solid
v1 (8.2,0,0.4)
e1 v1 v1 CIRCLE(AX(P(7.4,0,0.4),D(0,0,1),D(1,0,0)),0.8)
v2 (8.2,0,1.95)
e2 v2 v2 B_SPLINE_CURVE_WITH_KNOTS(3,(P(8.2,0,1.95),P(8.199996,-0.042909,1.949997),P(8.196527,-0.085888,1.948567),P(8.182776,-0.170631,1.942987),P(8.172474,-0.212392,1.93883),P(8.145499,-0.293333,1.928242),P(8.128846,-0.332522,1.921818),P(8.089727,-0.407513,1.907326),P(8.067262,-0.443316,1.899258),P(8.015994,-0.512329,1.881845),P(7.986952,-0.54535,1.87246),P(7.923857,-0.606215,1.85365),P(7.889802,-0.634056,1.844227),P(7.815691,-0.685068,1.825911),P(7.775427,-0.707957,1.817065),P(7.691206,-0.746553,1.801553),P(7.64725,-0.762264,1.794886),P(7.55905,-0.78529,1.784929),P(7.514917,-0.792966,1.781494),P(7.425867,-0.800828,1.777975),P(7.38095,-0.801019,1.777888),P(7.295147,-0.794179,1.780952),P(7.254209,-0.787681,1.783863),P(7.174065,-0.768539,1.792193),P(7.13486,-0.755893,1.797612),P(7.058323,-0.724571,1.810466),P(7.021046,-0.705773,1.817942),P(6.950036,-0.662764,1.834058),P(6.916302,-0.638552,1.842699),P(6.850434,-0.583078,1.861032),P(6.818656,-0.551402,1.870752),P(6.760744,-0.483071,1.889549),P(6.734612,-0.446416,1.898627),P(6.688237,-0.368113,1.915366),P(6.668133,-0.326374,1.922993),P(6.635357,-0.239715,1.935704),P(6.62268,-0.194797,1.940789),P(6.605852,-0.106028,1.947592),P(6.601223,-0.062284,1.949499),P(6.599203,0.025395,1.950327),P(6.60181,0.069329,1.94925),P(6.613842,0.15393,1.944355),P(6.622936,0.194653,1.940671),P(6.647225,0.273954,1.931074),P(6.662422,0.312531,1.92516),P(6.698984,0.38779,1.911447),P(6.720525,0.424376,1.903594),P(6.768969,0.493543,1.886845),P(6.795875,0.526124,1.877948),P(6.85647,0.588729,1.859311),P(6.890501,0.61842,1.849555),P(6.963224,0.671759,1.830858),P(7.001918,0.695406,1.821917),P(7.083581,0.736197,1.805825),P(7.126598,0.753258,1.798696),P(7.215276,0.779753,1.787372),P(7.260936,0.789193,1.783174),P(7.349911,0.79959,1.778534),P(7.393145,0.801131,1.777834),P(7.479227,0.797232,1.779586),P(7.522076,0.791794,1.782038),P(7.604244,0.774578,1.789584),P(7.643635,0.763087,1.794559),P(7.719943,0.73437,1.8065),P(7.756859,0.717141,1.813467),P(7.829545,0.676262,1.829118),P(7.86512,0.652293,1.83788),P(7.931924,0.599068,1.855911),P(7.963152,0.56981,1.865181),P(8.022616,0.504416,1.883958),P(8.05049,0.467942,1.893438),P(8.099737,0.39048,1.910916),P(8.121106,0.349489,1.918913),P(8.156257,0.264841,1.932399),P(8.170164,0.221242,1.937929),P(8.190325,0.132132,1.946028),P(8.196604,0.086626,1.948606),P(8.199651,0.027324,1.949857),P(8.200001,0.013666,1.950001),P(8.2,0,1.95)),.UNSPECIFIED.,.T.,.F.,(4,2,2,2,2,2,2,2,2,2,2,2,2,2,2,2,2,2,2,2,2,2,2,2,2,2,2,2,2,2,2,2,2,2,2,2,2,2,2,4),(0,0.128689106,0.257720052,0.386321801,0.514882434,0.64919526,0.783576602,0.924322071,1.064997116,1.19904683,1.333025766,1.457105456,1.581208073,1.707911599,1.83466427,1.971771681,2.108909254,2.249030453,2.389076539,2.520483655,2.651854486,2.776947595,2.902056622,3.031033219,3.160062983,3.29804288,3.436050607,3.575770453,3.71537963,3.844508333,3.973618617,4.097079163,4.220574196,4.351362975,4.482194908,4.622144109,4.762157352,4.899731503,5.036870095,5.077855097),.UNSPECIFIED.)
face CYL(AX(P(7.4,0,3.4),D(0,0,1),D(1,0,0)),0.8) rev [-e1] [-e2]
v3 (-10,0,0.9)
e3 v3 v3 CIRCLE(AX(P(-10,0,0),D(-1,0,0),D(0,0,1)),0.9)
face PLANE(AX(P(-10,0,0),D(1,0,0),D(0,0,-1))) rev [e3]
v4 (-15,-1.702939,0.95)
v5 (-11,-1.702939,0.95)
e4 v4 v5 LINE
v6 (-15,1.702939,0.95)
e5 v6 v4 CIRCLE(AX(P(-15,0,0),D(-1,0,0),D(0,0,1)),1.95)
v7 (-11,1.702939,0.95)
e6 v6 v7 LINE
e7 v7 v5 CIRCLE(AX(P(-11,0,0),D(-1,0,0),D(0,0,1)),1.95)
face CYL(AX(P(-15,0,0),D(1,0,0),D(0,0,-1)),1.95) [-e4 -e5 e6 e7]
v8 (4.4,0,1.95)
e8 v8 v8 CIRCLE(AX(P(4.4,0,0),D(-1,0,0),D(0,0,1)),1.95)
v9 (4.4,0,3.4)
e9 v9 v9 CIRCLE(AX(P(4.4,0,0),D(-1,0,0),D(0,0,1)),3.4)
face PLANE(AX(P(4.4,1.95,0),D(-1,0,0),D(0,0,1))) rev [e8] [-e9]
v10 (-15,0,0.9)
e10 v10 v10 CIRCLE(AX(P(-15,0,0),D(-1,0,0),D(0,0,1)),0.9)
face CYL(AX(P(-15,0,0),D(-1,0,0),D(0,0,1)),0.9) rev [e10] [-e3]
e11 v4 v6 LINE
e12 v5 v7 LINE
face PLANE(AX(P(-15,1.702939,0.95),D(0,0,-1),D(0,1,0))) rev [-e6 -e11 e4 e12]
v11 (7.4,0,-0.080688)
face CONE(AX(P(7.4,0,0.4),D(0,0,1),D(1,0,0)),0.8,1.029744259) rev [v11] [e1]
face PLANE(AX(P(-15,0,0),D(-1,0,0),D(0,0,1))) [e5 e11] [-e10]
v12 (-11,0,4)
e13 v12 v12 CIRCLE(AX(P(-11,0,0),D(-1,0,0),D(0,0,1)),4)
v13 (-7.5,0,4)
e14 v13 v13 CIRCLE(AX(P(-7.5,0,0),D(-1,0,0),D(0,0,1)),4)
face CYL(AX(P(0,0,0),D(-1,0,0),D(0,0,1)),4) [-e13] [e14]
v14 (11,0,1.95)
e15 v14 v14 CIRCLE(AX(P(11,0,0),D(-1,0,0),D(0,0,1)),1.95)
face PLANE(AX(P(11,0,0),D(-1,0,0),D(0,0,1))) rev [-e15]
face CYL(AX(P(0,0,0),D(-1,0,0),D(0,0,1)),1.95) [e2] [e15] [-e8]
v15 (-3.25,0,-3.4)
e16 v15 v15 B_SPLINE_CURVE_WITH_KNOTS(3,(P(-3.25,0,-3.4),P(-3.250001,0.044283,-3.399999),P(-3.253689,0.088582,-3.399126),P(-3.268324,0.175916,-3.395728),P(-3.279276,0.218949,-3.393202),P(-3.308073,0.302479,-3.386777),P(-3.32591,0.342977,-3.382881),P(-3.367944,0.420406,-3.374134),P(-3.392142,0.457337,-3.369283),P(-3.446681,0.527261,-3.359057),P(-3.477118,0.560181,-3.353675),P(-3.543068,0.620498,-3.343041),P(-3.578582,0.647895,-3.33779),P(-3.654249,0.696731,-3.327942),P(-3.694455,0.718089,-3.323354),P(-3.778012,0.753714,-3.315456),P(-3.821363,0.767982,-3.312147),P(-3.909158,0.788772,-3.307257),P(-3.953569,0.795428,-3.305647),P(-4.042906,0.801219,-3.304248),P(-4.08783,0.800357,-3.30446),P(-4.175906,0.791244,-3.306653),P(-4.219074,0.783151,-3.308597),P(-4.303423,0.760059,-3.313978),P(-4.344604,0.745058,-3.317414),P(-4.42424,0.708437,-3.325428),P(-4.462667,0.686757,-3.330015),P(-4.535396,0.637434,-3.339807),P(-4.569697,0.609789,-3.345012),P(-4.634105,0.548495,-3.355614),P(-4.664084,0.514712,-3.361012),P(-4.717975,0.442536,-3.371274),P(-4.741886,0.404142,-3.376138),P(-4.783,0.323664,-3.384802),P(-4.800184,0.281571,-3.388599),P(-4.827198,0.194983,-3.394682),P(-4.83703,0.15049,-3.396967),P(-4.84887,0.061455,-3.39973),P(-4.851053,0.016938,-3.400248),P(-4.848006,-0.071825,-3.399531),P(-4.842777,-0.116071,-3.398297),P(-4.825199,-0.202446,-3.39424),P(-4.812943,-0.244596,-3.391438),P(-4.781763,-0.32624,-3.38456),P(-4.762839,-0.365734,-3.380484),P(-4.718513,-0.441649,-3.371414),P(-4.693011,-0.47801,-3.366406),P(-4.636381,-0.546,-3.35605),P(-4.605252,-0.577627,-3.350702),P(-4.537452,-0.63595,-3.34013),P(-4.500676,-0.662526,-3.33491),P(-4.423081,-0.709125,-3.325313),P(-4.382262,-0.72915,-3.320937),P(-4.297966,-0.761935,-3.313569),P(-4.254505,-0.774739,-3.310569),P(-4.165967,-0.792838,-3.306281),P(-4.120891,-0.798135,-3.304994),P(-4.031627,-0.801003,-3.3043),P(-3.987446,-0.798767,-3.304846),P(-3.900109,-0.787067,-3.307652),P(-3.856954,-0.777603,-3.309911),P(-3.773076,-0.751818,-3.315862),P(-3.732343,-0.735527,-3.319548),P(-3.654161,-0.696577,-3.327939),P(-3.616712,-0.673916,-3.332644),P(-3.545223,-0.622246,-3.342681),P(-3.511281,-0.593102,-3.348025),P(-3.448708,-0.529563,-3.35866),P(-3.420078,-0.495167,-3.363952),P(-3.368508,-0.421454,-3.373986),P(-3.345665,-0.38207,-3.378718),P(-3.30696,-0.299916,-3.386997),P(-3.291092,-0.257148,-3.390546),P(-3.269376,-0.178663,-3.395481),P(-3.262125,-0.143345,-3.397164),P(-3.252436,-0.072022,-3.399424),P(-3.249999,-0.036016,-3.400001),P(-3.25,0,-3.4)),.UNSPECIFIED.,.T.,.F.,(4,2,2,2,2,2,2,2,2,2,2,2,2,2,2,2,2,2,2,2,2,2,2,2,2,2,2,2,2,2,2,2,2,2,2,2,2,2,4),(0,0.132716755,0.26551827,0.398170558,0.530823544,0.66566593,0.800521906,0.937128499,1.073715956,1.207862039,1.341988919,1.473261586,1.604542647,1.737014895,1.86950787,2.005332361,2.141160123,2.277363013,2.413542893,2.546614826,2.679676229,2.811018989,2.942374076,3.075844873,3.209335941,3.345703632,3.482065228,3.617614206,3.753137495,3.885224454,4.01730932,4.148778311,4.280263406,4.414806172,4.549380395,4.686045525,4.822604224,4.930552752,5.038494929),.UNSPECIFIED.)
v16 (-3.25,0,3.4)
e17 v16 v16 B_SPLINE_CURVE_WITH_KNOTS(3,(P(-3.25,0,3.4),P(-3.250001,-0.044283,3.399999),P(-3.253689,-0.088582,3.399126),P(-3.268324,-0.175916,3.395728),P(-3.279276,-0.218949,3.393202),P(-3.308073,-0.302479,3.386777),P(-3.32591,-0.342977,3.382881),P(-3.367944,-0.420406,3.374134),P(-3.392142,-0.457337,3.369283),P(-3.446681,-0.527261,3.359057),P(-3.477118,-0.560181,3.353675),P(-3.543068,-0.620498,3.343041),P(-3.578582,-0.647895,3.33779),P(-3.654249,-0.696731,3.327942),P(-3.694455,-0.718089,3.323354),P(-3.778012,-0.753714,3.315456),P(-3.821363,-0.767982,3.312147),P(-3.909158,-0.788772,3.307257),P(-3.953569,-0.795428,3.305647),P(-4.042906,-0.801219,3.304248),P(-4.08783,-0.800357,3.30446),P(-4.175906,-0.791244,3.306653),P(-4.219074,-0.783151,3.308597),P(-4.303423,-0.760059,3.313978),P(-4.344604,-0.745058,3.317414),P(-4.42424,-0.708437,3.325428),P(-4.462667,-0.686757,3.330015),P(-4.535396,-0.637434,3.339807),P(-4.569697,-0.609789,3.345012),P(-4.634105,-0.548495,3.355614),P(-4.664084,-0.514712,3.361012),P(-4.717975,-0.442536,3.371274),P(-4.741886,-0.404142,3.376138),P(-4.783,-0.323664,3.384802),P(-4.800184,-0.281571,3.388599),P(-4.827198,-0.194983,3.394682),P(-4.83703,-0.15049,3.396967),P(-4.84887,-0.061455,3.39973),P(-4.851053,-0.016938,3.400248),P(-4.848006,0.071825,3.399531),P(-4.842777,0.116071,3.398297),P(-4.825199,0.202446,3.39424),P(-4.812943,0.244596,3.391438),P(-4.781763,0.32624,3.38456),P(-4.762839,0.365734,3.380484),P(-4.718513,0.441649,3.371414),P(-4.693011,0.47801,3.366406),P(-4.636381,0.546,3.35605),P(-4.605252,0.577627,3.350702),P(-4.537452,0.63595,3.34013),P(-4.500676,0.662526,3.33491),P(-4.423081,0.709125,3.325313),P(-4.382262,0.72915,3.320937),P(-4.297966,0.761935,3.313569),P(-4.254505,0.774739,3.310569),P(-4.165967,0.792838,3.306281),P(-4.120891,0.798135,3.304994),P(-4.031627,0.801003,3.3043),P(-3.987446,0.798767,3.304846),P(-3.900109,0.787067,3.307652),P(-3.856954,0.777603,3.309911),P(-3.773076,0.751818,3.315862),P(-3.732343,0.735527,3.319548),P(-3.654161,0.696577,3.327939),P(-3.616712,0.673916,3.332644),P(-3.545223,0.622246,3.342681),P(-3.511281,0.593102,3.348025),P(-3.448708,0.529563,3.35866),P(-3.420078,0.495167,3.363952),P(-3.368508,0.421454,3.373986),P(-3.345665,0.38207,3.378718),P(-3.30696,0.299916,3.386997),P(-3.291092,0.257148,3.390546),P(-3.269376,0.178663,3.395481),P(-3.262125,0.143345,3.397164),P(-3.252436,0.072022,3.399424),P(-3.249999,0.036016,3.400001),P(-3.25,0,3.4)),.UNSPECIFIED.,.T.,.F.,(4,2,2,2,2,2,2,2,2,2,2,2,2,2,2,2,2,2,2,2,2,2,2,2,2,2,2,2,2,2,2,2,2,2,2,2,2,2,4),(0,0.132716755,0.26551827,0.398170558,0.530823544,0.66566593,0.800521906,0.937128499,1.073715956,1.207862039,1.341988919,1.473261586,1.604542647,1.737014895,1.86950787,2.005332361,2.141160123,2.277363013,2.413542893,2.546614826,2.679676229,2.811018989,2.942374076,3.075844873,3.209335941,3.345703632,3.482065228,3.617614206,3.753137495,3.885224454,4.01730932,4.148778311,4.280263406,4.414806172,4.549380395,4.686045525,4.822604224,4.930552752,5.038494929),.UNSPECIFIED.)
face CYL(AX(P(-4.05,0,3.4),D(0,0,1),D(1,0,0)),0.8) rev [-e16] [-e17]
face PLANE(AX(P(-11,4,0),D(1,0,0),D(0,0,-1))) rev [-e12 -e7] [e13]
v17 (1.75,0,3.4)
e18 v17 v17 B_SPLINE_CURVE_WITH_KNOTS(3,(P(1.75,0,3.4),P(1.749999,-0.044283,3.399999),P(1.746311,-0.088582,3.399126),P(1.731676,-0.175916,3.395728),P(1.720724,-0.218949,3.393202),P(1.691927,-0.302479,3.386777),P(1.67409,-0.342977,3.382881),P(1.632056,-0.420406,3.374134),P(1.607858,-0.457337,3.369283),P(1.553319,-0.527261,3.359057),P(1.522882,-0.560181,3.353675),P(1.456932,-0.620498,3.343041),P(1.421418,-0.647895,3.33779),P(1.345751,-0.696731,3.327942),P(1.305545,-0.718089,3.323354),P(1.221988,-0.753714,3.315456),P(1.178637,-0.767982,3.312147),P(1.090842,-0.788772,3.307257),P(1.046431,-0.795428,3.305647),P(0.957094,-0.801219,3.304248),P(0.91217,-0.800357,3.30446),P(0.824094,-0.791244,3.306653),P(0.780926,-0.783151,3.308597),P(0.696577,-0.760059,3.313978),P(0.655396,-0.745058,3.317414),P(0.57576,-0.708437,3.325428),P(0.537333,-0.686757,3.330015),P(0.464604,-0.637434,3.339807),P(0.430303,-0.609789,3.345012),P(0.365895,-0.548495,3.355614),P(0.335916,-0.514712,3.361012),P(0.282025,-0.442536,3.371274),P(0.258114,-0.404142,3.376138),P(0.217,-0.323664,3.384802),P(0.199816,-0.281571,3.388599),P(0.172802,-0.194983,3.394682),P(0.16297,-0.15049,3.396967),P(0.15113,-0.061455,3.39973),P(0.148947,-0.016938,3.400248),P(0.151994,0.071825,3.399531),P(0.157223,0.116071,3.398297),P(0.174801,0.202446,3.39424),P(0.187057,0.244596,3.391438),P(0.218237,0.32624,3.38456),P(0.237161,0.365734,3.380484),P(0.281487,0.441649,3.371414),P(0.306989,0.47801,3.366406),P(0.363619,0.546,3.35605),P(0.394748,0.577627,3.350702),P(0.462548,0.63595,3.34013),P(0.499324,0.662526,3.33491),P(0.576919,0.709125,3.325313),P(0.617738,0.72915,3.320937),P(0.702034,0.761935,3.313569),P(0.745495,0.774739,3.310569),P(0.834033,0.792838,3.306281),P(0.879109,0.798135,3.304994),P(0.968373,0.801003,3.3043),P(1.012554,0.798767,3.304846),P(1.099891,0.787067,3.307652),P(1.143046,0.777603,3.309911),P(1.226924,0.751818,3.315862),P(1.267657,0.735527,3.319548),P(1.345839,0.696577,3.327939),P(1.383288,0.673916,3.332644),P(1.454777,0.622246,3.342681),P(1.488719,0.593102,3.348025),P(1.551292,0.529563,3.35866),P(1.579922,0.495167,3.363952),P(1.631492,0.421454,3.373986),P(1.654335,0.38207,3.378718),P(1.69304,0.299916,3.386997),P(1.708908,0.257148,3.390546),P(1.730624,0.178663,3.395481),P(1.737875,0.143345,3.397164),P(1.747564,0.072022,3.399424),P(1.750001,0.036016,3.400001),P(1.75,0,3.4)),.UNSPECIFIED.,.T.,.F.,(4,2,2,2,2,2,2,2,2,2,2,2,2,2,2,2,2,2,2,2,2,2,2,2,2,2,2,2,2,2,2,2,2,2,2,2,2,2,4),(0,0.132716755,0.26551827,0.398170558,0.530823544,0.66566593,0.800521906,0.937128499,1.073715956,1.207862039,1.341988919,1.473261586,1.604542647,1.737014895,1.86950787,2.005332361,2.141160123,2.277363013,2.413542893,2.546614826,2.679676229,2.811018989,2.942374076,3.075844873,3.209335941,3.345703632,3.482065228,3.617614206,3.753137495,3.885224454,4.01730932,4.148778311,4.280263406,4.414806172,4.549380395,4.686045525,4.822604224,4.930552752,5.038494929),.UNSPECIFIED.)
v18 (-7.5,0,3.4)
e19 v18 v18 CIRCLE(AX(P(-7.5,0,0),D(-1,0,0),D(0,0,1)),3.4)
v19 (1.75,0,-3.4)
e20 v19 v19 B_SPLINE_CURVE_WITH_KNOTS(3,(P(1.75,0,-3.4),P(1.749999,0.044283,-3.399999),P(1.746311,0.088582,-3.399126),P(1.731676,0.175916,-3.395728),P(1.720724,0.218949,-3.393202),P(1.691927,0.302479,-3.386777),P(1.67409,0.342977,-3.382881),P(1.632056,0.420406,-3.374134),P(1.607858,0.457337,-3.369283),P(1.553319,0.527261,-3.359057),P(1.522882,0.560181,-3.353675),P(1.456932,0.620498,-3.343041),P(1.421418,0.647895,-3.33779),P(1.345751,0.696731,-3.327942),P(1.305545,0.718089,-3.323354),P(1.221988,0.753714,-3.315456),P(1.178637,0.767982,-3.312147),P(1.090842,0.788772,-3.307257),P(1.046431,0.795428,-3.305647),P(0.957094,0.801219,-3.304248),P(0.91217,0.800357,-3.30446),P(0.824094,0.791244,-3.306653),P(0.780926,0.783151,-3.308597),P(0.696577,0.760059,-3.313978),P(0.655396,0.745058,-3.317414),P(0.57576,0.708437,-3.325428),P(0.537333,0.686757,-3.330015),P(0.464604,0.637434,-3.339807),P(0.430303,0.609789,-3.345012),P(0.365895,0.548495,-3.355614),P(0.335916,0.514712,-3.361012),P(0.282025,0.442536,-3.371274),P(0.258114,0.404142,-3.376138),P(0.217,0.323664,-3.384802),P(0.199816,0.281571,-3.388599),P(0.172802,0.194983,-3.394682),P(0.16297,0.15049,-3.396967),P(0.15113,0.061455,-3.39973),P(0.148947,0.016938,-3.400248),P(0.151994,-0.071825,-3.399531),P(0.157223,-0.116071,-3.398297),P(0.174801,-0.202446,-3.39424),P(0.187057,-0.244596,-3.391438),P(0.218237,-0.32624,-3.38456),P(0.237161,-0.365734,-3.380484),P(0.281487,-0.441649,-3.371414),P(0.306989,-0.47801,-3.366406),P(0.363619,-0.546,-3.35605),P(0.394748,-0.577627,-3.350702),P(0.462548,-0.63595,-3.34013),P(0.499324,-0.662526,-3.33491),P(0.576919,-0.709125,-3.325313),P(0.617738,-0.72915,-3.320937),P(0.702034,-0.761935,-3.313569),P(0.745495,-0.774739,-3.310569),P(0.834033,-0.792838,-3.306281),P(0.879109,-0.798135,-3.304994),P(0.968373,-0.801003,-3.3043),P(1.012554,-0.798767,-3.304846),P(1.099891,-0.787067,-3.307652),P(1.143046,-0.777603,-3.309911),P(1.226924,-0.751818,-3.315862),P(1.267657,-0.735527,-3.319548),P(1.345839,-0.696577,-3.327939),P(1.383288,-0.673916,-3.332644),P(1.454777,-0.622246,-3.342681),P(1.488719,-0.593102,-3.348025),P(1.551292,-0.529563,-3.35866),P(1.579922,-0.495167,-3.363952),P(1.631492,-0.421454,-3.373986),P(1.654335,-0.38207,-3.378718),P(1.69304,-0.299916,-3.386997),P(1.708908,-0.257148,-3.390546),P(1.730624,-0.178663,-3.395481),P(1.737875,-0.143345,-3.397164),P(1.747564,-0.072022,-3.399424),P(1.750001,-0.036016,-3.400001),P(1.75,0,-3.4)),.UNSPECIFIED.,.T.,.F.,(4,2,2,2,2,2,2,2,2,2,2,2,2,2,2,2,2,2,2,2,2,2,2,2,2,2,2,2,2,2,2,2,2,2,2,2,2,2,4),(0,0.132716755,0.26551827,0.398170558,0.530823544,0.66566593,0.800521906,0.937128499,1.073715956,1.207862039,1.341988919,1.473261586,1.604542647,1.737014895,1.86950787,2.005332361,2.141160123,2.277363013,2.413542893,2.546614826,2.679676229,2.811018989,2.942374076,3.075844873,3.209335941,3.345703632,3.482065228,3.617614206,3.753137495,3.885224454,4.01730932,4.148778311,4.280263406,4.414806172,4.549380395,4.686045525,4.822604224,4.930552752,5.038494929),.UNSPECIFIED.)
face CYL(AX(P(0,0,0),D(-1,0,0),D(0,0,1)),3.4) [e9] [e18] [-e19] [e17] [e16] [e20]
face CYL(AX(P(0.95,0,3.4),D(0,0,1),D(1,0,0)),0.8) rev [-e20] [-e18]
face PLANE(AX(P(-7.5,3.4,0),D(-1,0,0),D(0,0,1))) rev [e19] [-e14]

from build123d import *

# Parameters (mm, degrees)
M2X0_4_TAPPED_HOLE1_D           = 1.6
BOSS_EXTRUDE1_DEPTH             = 4
M2X0_4_TAPPED_HOLE2_D           = 1.6
M2X0_4_TAPPED_HOLE2_DEPTH       = 3
M2X0_4_TAPPED_HOLE2_CSINK_D     = 2.05
M2X0_4_TAPPED_HOLE2_CSINK_ANGLE = 90
M2X0_4_TAPPED_HOLE2_TIP         = 0.480688495
HOLE5_D                         = 1.8
HOLE5_DEPTH                     = 5


with BuildPart() as part:
    # Sketch1 → Revolve1 (revolve)
    with BuildSketch(Plane.XY):
        Polygon((-11, 0), (11, 0), (11, 1.95), (4.4, 1.95), (4.4, 3.4), (-7.5, 3.4), (-7.5, 4), (-11, 4), align=None)
    revolve(axis=Axis((0, 0, 0), (1, 0, 0)))

    # M2x0.4 Tapped Hole1 (through all)
    with Locations(Plane.XY.offset(3.4)):
        with Locations((-4.05, 0), (0.95, 0)):
            Hole(M2X0_4_TAPPED_HOLE1_D / 2)

    # Sketch6 → Boss-Extrude1 (add)
    with BuildSketch(Plane.ZY.offset(11)):
        with BuildLine():
            Line((0.95, 1.702938637), (0.95, -1.702938637))
            ThreePointArc((0.95, -1.702938637), (-1.95, 0), (0.95, 1.702938637))
        make_face()
    extrude(amount=BOSS_EXTRUDE1_DEPTH)

    # M2x0.4 Tapped Hole2
    with Locations(Plane.XY.offset(3.4)):
        with Locations((7.4, 0)):
            CounterSinkHole(M2X0_4_TAPPED_HOLE2_D / 2, M2X0_4_TAPPED_HOLE2_CSINK_D / 2, depth=M2X0_4_TAPPED_HOLE2_DEPTH, counter_sink_angle=M2X0_4_TAPPED_HOLE2_CSINK_ANGLE)
            with Locations((0, 0, -(M2X0_4_TAPPED_HOLE2_DEPTH + M2X0_4_TAPPED_HOLE2_TIP / 2))):  # 118° drill point
                Cone(0, M2X0_4_TAPPED_HOLE2_D / 2, M2X0_4_TAPPED_HOLE2_TIP, mode=Mode.SUBTRACT)

    # Hole5
    with Locations(Plane.ZY.offset(15)):
        with Locations((0, 0)):
            Hole(HOLE5_D / 2, depth=HOLE5_DEPTH)


solid = part.part
